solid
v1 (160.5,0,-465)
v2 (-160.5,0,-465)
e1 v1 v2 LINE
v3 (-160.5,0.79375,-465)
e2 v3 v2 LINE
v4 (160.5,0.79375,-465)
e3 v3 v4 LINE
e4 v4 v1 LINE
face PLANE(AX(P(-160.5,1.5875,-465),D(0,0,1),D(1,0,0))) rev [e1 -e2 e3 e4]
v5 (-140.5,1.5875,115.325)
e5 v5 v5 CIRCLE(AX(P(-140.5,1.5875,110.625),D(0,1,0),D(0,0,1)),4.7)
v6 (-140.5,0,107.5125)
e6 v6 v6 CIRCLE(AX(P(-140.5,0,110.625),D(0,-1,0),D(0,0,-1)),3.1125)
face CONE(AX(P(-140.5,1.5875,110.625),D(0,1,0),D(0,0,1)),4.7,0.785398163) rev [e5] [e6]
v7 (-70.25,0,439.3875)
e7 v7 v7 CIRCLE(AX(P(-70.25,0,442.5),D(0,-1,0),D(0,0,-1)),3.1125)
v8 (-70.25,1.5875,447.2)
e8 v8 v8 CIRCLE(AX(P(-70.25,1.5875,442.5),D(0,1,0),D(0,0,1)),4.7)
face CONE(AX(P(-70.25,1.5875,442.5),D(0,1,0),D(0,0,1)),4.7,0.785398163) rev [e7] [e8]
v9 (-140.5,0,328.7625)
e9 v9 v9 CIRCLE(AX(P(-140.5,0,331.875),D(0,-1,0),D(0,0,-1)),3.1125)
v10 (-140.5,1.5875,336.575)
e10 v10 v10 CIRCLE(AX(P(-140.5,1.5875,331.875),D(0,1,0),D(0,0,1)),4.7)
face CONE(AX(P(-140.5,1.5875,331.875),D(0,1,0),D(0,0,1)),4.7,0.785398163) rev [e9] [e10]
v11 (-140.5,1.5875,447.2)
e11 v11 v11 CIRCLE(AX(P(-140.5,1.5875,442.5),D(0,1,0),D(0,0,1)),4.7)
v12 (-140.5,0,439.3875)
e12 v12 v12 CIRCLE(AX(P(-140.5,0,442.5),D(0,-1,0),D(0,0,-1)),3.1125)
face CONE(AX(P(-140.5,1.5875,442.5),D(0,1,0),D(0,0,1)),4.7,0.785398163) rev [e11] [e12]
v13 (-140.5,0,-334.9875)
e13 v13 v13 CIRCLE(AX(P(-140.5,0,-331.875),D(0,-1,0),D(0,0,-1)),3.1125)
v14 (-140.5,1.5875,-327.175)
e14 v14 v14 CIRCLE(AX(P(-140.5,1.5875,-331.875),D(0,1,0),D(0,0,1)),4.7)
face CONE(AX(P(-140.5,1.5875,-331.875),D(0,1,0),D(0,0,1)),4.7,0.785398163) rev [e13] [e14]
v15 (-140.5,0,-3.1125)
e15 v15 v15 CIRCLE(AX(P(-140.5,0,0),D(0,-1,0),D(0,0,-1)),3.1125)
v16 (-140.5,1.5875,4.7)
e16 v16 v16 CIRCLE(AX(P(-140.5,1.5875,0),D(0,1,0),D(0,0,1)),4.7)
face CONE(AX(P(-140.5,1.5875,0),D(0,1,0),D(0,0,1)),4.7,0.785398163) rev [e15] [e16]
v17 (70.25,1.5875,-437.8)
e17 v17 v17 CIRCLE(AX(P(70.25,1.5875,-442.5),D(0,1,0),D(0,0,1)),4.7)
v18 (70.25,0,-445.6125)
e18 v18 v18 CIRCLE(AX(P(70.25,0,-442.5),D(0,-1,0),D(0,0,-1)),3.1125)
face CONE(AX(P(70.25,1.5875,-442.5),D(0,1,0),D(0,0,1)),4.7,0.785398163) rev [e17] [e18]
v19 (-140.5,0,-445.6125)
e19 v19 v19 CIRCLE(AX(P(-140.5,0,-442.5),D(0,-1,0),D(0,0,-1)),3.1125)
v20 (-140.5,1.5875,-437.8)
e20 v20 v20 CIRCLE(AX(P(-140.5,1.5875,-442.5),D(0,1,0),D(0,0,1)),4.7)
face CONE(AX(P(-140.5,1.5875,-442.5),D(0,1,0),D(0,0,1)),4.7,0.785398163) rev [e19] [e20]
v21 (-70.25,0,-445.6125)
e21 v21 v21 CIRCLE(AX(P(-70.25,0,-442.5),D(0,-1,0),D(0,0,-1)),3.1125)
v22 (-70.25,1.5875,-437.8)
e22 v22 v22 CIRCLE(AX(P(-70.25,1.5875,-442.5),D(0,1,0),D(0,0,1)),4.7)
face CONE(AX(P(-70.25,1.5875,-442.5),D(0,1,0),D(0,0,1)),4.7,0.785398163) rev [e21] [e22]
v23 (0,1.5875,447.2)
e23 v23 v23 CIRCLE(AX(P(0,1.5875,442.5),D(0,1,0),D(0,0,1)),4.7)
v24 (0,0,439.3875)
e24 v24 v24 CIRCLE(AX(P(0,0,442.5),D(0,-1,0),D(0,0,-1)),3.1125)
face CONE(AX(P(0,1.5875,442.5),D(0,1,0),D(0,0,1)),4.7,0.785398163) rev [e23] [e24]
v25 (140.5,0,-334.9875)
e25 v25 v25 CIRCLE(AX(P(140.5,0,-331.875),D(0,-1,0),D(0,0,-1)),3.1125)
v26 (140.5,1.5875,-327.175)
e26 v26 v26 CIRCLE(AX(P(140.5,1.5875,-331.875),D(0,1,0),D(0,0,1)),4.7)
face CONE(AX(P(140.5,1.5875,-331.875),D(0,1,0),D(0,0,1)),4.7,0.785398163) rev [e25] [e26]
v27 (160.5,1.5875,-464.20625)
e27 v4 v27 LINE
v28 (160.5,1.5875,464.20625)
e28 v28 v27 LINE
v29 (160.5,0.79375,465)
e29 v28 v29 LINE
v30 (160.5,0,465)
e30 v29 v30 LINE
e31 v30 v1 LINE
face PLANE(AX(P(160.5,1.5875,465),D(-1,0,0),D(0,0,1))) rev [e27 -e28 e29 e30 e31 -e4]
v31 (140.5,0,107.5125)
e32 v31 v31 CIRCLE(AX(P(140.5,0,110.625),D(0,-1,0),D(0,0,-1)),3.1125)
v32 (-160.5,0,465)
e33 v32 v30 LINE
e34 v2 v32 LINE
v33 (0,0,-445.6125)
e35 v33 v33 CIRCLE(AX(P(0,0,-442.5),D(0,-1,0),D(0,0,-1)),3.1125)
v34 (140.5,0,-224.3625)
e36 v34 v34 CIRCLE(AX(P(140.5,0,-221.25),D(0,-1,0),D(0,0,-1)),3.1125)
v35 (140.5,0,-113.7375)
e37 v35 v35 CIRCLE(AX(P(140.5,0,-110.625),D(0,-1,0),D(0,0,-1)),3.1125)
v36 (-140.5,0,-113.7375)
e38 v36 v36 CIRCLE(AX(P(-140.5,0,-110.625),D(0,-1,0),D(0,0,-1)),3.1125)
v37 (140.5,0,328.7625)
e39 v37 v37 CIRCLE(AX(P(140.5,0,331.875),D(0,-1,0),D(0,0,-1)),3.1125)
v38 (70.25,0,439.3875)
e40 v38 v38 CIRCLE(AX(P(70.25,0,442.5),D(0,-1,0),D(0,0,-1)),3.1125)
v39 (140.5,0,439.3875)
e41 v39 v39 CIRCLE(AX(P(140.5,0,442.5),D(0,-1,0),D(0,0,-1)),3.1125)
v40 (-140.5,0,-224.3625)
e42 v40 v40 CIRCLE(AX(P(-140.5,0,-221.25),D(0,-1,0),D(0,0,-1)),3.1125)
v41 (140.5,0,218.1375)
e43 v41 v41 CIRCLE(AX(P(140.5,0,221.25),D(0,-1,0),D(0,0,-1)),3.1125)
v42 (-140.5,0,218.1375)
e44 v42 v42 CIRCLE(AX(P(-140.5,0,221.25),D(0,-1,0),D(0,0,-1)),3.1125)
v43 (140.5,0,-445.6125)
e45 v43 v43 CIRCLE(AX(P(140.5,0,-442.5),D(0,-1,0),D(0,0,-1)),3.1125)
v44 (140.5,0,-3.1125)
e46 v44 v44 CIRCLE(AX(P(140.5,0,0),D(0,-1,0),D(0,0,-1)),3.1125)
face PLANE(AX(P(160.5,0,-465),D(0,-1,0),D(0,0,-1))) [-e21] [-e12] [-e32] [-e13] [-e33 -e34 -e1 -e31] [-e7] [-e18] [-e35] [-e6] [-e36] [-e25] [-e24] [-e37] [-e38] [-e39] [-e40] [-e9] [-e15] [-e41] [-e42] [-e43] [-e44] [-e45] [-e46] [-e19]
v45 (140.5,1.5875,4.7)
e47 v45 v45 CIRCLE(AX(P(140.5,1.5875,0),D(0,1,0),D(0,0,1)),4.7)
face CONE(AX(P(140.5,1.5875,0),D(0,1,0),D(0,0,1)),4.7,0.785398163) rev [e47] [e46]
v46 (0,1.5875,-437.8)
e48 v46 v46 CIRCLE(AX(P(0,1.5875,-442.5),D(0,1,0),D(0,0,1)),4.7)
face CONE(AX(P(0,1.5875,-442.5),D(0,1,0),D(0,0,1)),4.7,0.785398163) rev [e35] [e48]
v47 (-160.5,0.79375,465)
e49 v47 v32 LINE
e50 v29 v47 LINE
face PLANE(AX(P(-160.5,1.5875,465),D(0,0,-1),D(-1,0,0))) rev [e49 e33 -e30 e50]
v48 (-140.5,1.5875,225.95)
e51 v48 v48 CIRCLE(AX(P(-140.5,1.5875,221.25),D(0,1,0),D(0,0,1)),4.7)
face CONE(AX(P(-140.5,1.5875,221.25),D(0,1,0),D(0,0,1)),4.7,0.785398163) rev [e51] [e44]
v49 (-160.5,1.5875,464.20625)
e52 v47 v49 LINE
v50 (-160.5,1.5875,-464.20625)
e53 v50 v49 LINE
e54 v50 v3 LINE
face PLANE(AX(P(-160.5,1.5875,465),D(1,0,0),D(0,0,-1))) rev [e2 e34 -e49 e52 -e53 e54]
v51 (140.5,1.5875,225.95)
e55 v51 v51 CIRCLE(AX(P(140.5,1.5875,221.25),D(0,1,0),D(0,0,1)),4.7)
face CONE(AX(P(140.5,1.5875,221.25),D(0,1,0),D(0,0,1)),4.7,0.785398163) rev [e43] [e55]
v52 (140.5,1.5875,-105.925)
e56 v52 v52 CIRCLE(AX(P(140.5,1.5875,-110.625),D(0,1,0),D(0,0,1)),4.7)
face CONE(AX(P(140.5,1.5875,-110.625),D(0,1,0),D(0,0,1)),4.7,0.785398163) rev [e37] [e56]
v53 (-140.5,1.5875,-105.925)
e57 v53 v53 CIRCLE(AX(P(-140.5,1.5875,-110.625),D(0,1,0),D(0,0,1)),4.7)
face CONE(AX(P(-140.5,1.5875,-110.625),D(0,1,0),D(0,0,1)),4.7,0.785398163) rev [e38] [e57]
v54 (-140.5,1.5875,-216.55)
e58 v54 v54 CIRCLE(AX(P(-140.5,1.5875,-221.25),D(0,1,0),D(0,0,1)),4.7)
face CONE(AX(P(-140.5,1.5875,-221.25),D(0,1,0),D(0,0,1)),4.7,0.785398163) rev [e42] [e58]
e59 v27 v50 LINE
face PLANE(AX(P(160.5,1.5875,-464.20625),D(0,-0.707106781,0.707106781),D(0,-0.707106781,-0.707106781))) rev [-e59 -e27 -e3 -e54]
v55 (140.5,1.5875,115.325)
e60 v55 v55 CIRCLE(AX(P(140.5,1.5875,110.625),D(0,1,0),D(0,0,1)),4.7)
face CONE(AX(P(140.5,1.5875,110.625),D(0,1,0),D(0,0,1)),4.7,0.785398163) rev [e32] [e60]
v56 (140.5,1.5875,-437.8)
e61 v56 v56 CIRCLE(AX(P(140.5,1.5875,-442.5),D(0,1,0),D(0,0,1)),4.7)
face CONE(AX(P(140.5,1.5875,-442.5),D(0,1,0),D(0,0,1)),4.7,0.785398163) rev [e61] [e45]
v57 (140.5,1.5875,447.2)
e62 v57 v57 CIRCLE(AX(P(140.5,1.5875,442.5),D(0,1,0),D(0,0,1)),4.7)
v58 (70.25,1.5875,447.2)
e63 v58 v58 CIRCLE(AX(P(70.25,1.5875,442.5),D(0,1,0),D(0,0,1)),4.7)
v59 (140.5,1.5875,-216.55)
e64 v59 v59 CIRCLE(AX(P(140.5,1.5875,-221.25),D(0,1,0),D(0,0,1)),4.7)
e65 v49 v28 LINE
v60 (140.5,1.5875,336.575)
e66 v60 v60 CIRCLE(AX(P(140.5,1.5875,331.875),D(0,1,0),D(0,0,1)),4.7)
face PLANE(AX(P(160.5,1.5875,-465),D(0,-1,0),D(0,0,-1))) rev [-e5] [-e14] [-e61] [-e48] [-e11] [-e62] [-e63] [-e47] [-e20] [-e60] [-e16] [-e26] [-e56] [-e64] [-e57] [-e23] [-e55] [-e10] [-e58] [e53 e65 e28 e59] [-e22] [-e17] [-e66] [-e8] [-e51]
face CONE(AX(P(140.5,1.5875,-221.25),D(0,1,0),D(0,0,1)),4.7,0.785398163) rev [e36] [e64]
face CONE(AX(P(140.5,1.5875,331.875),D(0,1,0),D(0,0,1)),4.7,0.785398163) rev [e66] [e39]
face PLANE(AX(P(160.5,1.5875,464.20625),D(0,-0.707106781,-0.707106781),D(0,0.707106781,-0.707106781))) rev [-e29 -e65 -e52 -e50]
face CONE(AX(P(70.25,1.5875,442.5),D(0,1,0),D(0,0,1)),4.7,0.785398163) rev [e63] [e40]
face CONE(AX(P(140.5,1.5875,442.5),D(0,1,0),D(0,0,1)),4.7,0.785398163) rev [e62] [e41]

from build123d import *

# Parameters (mm, degrees)
SKETCH1_W                                      = 321
SKETCH1_H                                      = 930
EXTRUDE1_DEPTH                                 = 1.5875
CHAMFER1_SIZE                                  = 0.79375
CSK_FOR_M4_FLAT_HEAD_MACHINE_SCREW1_AT_2_COUNT = 2
CSK_FOR_M4_FLAT_HEAD_MACHINE_SCREW1_AT_2_PITCH = 70.25
CSK_FOR_M4_FLAT_HEAD_MACHINE_SCREW1_AT_3_COUNT = 2
CSK_FOR_M4_FLAT_HEAD_MACHINE_SCREW1_AT_3_PITCH = 140.5
CSK_FOR_M4_FLAT_HEAD_MACHINE_SCREW1_AT_4_COUNT = 2
CSK_FOR_M4_FLAT_HEAD_MACHINE_SCREW1_AT_4_PITCH = 210.75
CSK_FOR_M4_FLAT_HEAD_MACHINE_SCREW1_AT_5_COUNT = 2
CSK_FOR_M4_FLAT_HEAD_MACHINE_SCREW1_AT_5_PITCH = 281
CSK_FOR_M4_FLAT_HEAD_MACHINE_SCREW1_AT_6_COUNT = 2
CSK_FOR_M4_FLAT_HEAD_MACHINE_SCREW1_AT_6_PITCH = 110.625
CSK_FOR_M4_FLAT_HEAD_MACHINE_SCREW1_AT_7_COUNT = 2
CSK_FOR_M4_FLAT_HEAD_MACHINE_SCREW1_AT_7_PITCH = 301.991540651
CSK_FOR_M4_FLAT_HEAD_MACHINE_SCREW1_AT_8_COUNT = 2
CSK_FOR_M4_FLAT_HEAD_MACHINE_SCREW1_AT_8_PITCH = 221.25
CSK_FOR_M4_FLAT_HEAD_MACHINE_SCREW1_AT_9_COUNT = 2
CSK_FOR_M4_FLAT_HEAD_MACHINE_SCREW1_AT_9_PITCH = 357.648657903
CSK_FOR_M4_FLAT_HEAD_MACHINE_SCREW1_AT_1_COUNT = 2
CSK_FOR_M4_FLAT_HEAD_MACHINE_SCREW1_AT_1_PITCH = 331.875
CSK_FOR_M4_FLAT_HEAD_MACHINE_SCREW1_2_COUNT    = 2
CSK_FOR_M4_FLAT_HEAD_MACHINE_SCREW1_2_PITCH    = 434.858615673
CSK_FOR_M4_FLAT_HEAD_MACHINE_SCREW1_3_COUNT    = 2
CSK_FOR_M4_FLAT_HEAD_MACHINE_SCREW1_3_PITCH    = 442.5
CSK_FOR_M4_FLAT_HEAD_MACHINE_SCREW1_4_COUNT    = 2
CSK_FOR_M4_FLAT_HEAD_MACHINE_SCREW1_4_PITCH    = 524.182458692
CSK_FOR_M4_FLAT_HEAD_MACHINE_SCREW1_5_COUNT    = 2
CSK_FOR_M4_FLAT_HEAD_MACHINE_SCREW1_5_PITCH    = 553.125
CSK_FOR_M4_FLAT_HEAD_MACHINE_SCREW1_6_COUNT    = 2
CSK_FOR_M4_FLAT_HEAD_MACHINE_SCREW1_6_PITCH    = 663.75
CSK_FOR_M4_FLAT_HEAD_MACHINE_SCREW1_7_COUNT    = 2
CSK_FOR_M4_FLAT_HEAD_MACHINE_SCREW1_7_PITCH    = 774.375
CSK_FOR_M4_FLAT_HEAD_MACHINE_SCREW1_8_COUNT    = 2
CSK_FOR_M4_FLAT_HEAD_MACHINE_SCREW1_8_PITCH    = 620.40975623
CSK_FOR_M4_FLAT_HEAD_MACHINE_SCREW1_9_COUNT    = 2
CSK_FOR_M4_FLAT_HEAD_MACHINE_SCREW1_9_PITCH    = 720.78086996
CSK_FOR_M4_FLAT_HEAD_MACHINE_SCREW1_10_COUNT   = 2
CSK_FOR_M4_FLAT_HEAD_MACHINE_SCREW1_10_PITCH   = 823.782520223
CSK_FOR_M4_FLAT_HEAD_MACHINE_SCREW1_11_COUNT   = 2
CSK_FOR_M4_FLAT_HEAD_MACHINE_SCREW1_11_PITCH   = 885
CSK_FOR_M4_FLAT_HEAD_MACHINE_SCREW1_12_COUNT   = 2
CSK_FOR_M4_FLAT_HEAD_MACHINE_SCREW1_12_PITCH   = 887.783792654
CSK_FOR_M4_FLAT_HEAD_MACHINE_SCREW1_13_COUNT   = 2
CSK_FOR_M4_FLAT_HEAD_MACHINE_SCREW1_13_PITCH   = 896.08328296
CSK_FOR_M4_FLAT_HEAD_MACHINE_SCREW1_14_COUNT   = 2
CSK_FOR_M4_FLAT_HEAD_MACHINE_SCREW1_14_PITCH   = 909.74752679
CSK_FOR_M4_FLAT_HEAD_MACHINE_SCREW1_15_COUNT   = 2
CSK_FOR_M4_FLAT_HEAD_MACHINE_SCREW1_15_PITCH   = 928.539713744


with BuildPart() as part:
    # Sketch1 → Extrude1 (new body)
    with BuildSketch(Plane(origin=(0, 0, 0), x_dir=(1, 0, 0), z_dir=(0, 1, 0))):
        Rectangle(SKETCH1_W, SKETCH1_H)
    extrude(amount=EXTRUDE1_DEPTH)

    # Chamfer1
    chamfer1_edges = [part.edges().sort_by_distance(p)[0] for p in [
        (0, 1.5875, 465),
        (0, 1.5875, -465),
    ]]
    chamfer(chamfer1_edges, length=CHAMFER1_SIZE)

    # Sketch3 → CSK for M4 Flat Head Machine Screw1 (revolve, cut)
    with BuildSketch(Plane(origin=(-140.5, 1.5875, -442.5), x_dir=(0, 0, 1), z_dir=(1, 0, 0))):
        Polygon((0, 0), (0, 1.5875), (2.25, 1.5875), (2.25, 2.45), (4.7, 0), align=None)
    csk_for_m4_flat_head_machine_screw1 = revolve(axis=Axis((-140.5, 7.9375, -442.5), (0, -1, 0)), mode=Mode.SUBTRACT)

    # CSK for M4 Flat Head Machine Screw1 at 2: CSK for M4 Flat Head Machine Screw1 ×2
    with Locations(*[(i * CSK_FOR_M4_FLAT_HEAD_MACHINE_SCREW1_AT_2_PITCH, 0, 0) for i in range(1, CSK_FOR_M4_FLAT_HEAD_MACHINE_SCREW1_AT_2_COUNT)]):
        add(csk_for_m4_flat_head_machine_screw1, mode=Mode.SUBTRACT)

    # CSK for M4 Flat Head Machine Screw1 at 3: CSK for M4 Flat Head Machine Screw1 ×2
    with Locations(*[(i * CSK_FOR_M4_FLAT_HEAD_MACHINE_SCREW1_AT_3_PITCH, 0, 0) for i in range(1, CSK_FOR_M4_FLAT_HEAD_MACHINE_SCREW1_AT_3_COUNT)]):
        add(csk_for_m4_flat_head_machine_screw1, mode=Mode.SUBTRACT)

    # CSK for M4 Flat Head Machine Screw1 at 4: CSK for M4 Flat Head Machine Screw1 ×2
    with Locations(*[(i * CSK_FOR_M4_FLAT_HEAD_MACHINE_SCREW1_AT_4_PITCH, 0, 0) for i in range(1, CSK_FOR_M4_FLAT_HEAD_MACHINE_SCREW1_AT_4_COUNT)]):
        add(csk_for_m4_flat_head_machine_screw1, mode=Mode.SUBTRACT)

    # CSK for M4 Flat Head Machine Screw1 at 5: CSK for M4 Flat Head Machine Screw1 ×2
    with Locations(*[(i * CSK_FOR_M4_FLAT_HEAD_MACHINE_SCREW1_AT_5_PITCH, 0, 0) for i in range(1, CSK_FOR_M4_FLAT_HEAD_MACHINE_SCREW1_AT_5_COUNT)]):
        add(csk_for_m4_flat_head_machine_screw1, mode=Mode.SUBTRACT)

    # CSK for M4 Flat Head Machine Screw1 at 6: CSK for M4 Flat Head Machine Screw1 ×2
    with Locations(*[(0, 0, i * CSK_FOR_M4_FLAT_HEAD_MACHINE_SCREW1_AT_6_PITCH) for i in range(1, CSK_FOR_M4_FLAT_HEAD_MACHINE_SCREW1_AT_6_COUNT)]):
        add(csk_for_m4_flat_head_machine_screw1, mode=Mode.SUBTRACT)

    # CSK for M4 Flat Head Machine Screw1 at 7: CSK for M4 Flat Head Machine Screw1 ×2
    with Locations(*[Vector(0.93048964, 0, 0.366318208) * (i * CSK_FOR_M4_FLAT_HEAD_MACHINE_SCREW1_AT_7_PITCH) for i in range(1, CSK_FOR_M4_FLAT_HEAD_MACHINE_SCREW1_AT_7_COUNT)]):
        add(csk_for_m4_flat_head_machine_screw1, mode=Mode.SUBTRACT)

    # CSK for M4 Flat Head Machine Screw1 at 8: CSK for M4 Flat Head Machine Screw1 ×2
    with Locations(*[(0, 0, i * CSK_FOR_M4_FLAT_HEAD_MACHINE_SCREW1_AT_8_PITCH) for i in range(1, CSK_FOR_M4_FLAT_HEAD_MACHINE_SCREW1_AT_8_COUNT)]):
        add(csk_for_m4_flat_head_machine_screw1, mode=Mode.SUBTRACT)

    # CSK for M4 Flat Head Machine Screw1 at 9: CSK for M4 Flat Head Machine Screw1 ×2
    with Locations(*[Vector(0.785687277, 0, 0.618623879) * (i * CSK_FOR_M4_FLAT_HEAD_MACHINE_SCREW1_AT_9_PITCH) for i in range(1, CSK_FOR_M4_FLAT_HEAD_MACHINE_SCREW1_AT_9_COUNT)]):
        add(csk_for_m4_flat_head_machine_screw1, mode=Mode.SUBTRACT)

    # CSK for M4 Flat Head Machine Screw1 at 1: CSK for M4 Flat Head Machine Screw1 ×2
    with Locations(*[(0, 0, i * CSK_FOR_M4_FLAT_HEAD_MACHINE_SCREW1_AT_1_PITCH) for i in range(1, CSK_FOR_M4_FLAT_HEAD_MACHINE_SCREW1_AT_1_COUNT)]):
        add(csk_for_m4_flat_head_machine_screw1, mode=Mode.SUBTRACT)

    # CSK for M4 Flat Head Machine Screw1  2: CSK for M4 Flat Head Machine Screw1 ×2
    with Locations(*[Vector(0.646187036, 0, 0.763179084) * (i * CSK_FOR_M4_FLAT_HEAD_MACHINE_SCREW1_2_PITCH) for i in range(1, CSK_FOR_M4_FLAT_HEAD_MACHINE_SCREW1_2_COUNT)]):
        add(csk_for_m4_flat_head_machine_screw1, mode=Mode.SUBTRACT)

    # CSK for M4 Flat Head Machine Screw1  3: CSK for M4 Flat Head Machine Screw1 ×2
    with Locations(*[(0, 0, i * CSK_FOR_M4_FLAT_HEAD_MACHINE_SCREW1_3_PITCH) for i in range(1, CSK_FOR_M4_FLAT_HEAD_MACHINE_SCREW1_3_COUNT)]):
        add(csk_for_m4_flat_head_machine_screw1, mode=Mode.SUBTRACT)

    # CSK for M4 Flat Head Machine Screw1  4: CSK for M4 Flat Head Machine Screw1 ×2
    with Locations(*[Vector(0.536072879, 0, 0.844171705) * (i * CSK_FOR_M4_FLAT_HEAD_MACHINE_SCREW1_4_PITCH) for i in range(1, CSK_FOR_M4_FLAT_HEAD_MACHINE_SCREW1_4_COUNT)]):
        add(csk_for_m4_flat_head_machine_screw1, mode=Mode.SUBTRACT)

    # CSK for M4 Flat Head Machine Screw1  5: CSK for M4 Flat Head Machine Screw1 ×2
    with Locations(*[(0, 0, i * CSK_FOR_M4_FLAT_HEAD_MACHINE_SCREW1_5_PITCH) for i in range(1, CSK_FOR_M4_FLAT_HEAD_MACHINE_SCREW1_5_COUNT)]):
        add(csk_for_m4_flat_head_machine_screw1, mode=Mode.SUBTRACT)

    # CSK for M4 Flat Head Machine Screw1  6: CSK for M4 Flat Head Machine Screw1 ×2
    with Locations(*[(0, 0, i * CSK_FOR_M4_FLAT_HEAD_MACHINE_SCREW1_6_PITCH) for i in range(1, CSK_FOR_M4_FLAT_HEAD_MACHINE_SCREW1_6_COUNT)]):
        add(csk_for_m4_flat_head_machine_screw1, mode=Mode.SUBTRACT)

    # CSK for M4 Flat Head Machine Screw1  7: CSK for M4 Flat Head Machine Screw1 ×2
    with Locations(*[(0, 0, i * CSK_FOR_M4_FLAT_HEAD_MACHINE_SCREW1_7_PITCH) for i in range(1, CSK_FOR_M4_FLAT_HEAD_MACHINE_SCREW1_7_COUNT)]):
        add(csk_for_m4_flat_head_machine_screw1, mode=Mode.SUBTRACT)

    # CSK for M4 Flat Head Machine Screw1  8: CSK for M4 Flat Head Machine Screw1 ×2
    with Locations(*[Vector(0.452926469, 0, 0.891547875) * (i * CSK_FOR_M4_FLAT_HEAD_MACHINE_SCREW1_8_PITCH) for i in range(1, CSK_FOR_M4_FLAT_HEAD_MACHINE_SCREW1_8_COUNT)]):
        add(csk_for_m4_flat_head_machine_screw1, mode=Mode.SUBTRACT)

    # CSK for M4 Flat Head Machine Screw1  9: CSK for M4 Flat Head Machine Screw1 ×2
    with Locations(*[Vector(0.389854964, 0, 0.920876271) * (i * CSK_FOR_M4_FLAT_HEAD_MACHINE_SCREW1_9_PITCH) for i in range(1, CSK_FOR_M4_FLAT_HEAD_MACHINE_SCREW1_9_COUNT)]):
        add(csk_for_m4_flat_head_machine_screw1, mode=Mode.SUBTRACT)

    # CSK for M4 Flat Head Machine Screw1  10: CSK for M4 Flat Head Machine Screw1 ×2
    with Locations(*[Vector(0.341109447, 0, 0.940023588) * (i * CSK_FOR_M4_FLAT_HEAD_MACHINE_SCREW1_10_PITCH) for i in range(1, CSK_FOR_M4_FLAT_HEAD_MACHINE_SCREW1_10_COUNT)]):
        add(csk_for_m4_flat_head_machine_screw1, mode=Mode.SUBTRACT)

    # CSK for M4 Flat Head Machine Screw1  11: CSK for M4 Flat Head Machine Screw1 ×2
    with Locations(*[(0, 0, i * CSK_FOR_M4_FLAT_HEAD_MACHINE_SCREW1_11_PITCH) for i in range(1, CSK_FOR_M4_FLAT_HEAD_MACHINE_SCREW1_11_COUNT)]):
        add(csk_for_m4_flat_head_machine_screw1, mode=Mode.SUBTRACT)

    # CSK for M4 Flat Head Machine Screw1  12: CSK for M4 Flat Head Machine Screw1 ×2
    with Locations(*[Vector(0.079129627, 0, 0.996864335) * (i * CSK_FOR_M4_FLAT_HEAD_MACHINE_SCREW1_12_PITCH) for i in range(1, CSK_FOR_M4_FLAT_HEAD_MACHINE_SCREW1_12_COUNT)]):
        add(csk_for_m4_flat_head_machine_screw1, mode=Mode.SUBTRACT)

    # CSK for M4 Flat Head Machine Screw1  13: CSK for M4 Flat Head Machine Screw1 ×2
    with Locations(*[Vector(0.156793462, 0, 0.987631414) * (i * CSK_FOR_M4_FLAT_HEAD_MACHINE_SCREW1_13_PITCH) for i in range(1, CSK_FOR_M4_FLAT_HEAD_MACHINE_SCREW1_13_COUNT)]):
        add(csk_for_m4_flat_head_machine_screw1, mode=Mode.SUBTRACT)

    # CSK for M4 Flat Head Machine Screw1  14: CSK for M4 Flat Head Machine Screw1 ×2
    with Locations(*[Vector(0.231657678, 0, 0.972797368) * (i * CSK_FOR_M4_FLAT_HEAD_MACHINE_SCREW1_14_PITCH) for i in range(1, CSK_FOR_M4_FLAT_HEAD_MACHINE_SCREW1_14_COUNT)]):
        add(csk_for_m4_flat_head_machine_screw1, mode=Mode.SUBTRACT)

    # CSK for M4 Flat Head Machine Screw1  15: CSK for M4 Flat Head Machine Screw1 ×2
    with Locations(*[Vector(0.302625721, 0, 0.953109476) * (i * CSK_FOR_M4_FLAT_HEAD_MACHINE_SCREW1_15_PITCH) for i in range(1, CSK_FOR_M4_FLAT_HEAD_MACHINE_SCREW1_15_COUNT)]):
        add(csk_for_m4_flat_head_machine_screw1, mode=Mode.SUBTRACT)


solid = part.part
